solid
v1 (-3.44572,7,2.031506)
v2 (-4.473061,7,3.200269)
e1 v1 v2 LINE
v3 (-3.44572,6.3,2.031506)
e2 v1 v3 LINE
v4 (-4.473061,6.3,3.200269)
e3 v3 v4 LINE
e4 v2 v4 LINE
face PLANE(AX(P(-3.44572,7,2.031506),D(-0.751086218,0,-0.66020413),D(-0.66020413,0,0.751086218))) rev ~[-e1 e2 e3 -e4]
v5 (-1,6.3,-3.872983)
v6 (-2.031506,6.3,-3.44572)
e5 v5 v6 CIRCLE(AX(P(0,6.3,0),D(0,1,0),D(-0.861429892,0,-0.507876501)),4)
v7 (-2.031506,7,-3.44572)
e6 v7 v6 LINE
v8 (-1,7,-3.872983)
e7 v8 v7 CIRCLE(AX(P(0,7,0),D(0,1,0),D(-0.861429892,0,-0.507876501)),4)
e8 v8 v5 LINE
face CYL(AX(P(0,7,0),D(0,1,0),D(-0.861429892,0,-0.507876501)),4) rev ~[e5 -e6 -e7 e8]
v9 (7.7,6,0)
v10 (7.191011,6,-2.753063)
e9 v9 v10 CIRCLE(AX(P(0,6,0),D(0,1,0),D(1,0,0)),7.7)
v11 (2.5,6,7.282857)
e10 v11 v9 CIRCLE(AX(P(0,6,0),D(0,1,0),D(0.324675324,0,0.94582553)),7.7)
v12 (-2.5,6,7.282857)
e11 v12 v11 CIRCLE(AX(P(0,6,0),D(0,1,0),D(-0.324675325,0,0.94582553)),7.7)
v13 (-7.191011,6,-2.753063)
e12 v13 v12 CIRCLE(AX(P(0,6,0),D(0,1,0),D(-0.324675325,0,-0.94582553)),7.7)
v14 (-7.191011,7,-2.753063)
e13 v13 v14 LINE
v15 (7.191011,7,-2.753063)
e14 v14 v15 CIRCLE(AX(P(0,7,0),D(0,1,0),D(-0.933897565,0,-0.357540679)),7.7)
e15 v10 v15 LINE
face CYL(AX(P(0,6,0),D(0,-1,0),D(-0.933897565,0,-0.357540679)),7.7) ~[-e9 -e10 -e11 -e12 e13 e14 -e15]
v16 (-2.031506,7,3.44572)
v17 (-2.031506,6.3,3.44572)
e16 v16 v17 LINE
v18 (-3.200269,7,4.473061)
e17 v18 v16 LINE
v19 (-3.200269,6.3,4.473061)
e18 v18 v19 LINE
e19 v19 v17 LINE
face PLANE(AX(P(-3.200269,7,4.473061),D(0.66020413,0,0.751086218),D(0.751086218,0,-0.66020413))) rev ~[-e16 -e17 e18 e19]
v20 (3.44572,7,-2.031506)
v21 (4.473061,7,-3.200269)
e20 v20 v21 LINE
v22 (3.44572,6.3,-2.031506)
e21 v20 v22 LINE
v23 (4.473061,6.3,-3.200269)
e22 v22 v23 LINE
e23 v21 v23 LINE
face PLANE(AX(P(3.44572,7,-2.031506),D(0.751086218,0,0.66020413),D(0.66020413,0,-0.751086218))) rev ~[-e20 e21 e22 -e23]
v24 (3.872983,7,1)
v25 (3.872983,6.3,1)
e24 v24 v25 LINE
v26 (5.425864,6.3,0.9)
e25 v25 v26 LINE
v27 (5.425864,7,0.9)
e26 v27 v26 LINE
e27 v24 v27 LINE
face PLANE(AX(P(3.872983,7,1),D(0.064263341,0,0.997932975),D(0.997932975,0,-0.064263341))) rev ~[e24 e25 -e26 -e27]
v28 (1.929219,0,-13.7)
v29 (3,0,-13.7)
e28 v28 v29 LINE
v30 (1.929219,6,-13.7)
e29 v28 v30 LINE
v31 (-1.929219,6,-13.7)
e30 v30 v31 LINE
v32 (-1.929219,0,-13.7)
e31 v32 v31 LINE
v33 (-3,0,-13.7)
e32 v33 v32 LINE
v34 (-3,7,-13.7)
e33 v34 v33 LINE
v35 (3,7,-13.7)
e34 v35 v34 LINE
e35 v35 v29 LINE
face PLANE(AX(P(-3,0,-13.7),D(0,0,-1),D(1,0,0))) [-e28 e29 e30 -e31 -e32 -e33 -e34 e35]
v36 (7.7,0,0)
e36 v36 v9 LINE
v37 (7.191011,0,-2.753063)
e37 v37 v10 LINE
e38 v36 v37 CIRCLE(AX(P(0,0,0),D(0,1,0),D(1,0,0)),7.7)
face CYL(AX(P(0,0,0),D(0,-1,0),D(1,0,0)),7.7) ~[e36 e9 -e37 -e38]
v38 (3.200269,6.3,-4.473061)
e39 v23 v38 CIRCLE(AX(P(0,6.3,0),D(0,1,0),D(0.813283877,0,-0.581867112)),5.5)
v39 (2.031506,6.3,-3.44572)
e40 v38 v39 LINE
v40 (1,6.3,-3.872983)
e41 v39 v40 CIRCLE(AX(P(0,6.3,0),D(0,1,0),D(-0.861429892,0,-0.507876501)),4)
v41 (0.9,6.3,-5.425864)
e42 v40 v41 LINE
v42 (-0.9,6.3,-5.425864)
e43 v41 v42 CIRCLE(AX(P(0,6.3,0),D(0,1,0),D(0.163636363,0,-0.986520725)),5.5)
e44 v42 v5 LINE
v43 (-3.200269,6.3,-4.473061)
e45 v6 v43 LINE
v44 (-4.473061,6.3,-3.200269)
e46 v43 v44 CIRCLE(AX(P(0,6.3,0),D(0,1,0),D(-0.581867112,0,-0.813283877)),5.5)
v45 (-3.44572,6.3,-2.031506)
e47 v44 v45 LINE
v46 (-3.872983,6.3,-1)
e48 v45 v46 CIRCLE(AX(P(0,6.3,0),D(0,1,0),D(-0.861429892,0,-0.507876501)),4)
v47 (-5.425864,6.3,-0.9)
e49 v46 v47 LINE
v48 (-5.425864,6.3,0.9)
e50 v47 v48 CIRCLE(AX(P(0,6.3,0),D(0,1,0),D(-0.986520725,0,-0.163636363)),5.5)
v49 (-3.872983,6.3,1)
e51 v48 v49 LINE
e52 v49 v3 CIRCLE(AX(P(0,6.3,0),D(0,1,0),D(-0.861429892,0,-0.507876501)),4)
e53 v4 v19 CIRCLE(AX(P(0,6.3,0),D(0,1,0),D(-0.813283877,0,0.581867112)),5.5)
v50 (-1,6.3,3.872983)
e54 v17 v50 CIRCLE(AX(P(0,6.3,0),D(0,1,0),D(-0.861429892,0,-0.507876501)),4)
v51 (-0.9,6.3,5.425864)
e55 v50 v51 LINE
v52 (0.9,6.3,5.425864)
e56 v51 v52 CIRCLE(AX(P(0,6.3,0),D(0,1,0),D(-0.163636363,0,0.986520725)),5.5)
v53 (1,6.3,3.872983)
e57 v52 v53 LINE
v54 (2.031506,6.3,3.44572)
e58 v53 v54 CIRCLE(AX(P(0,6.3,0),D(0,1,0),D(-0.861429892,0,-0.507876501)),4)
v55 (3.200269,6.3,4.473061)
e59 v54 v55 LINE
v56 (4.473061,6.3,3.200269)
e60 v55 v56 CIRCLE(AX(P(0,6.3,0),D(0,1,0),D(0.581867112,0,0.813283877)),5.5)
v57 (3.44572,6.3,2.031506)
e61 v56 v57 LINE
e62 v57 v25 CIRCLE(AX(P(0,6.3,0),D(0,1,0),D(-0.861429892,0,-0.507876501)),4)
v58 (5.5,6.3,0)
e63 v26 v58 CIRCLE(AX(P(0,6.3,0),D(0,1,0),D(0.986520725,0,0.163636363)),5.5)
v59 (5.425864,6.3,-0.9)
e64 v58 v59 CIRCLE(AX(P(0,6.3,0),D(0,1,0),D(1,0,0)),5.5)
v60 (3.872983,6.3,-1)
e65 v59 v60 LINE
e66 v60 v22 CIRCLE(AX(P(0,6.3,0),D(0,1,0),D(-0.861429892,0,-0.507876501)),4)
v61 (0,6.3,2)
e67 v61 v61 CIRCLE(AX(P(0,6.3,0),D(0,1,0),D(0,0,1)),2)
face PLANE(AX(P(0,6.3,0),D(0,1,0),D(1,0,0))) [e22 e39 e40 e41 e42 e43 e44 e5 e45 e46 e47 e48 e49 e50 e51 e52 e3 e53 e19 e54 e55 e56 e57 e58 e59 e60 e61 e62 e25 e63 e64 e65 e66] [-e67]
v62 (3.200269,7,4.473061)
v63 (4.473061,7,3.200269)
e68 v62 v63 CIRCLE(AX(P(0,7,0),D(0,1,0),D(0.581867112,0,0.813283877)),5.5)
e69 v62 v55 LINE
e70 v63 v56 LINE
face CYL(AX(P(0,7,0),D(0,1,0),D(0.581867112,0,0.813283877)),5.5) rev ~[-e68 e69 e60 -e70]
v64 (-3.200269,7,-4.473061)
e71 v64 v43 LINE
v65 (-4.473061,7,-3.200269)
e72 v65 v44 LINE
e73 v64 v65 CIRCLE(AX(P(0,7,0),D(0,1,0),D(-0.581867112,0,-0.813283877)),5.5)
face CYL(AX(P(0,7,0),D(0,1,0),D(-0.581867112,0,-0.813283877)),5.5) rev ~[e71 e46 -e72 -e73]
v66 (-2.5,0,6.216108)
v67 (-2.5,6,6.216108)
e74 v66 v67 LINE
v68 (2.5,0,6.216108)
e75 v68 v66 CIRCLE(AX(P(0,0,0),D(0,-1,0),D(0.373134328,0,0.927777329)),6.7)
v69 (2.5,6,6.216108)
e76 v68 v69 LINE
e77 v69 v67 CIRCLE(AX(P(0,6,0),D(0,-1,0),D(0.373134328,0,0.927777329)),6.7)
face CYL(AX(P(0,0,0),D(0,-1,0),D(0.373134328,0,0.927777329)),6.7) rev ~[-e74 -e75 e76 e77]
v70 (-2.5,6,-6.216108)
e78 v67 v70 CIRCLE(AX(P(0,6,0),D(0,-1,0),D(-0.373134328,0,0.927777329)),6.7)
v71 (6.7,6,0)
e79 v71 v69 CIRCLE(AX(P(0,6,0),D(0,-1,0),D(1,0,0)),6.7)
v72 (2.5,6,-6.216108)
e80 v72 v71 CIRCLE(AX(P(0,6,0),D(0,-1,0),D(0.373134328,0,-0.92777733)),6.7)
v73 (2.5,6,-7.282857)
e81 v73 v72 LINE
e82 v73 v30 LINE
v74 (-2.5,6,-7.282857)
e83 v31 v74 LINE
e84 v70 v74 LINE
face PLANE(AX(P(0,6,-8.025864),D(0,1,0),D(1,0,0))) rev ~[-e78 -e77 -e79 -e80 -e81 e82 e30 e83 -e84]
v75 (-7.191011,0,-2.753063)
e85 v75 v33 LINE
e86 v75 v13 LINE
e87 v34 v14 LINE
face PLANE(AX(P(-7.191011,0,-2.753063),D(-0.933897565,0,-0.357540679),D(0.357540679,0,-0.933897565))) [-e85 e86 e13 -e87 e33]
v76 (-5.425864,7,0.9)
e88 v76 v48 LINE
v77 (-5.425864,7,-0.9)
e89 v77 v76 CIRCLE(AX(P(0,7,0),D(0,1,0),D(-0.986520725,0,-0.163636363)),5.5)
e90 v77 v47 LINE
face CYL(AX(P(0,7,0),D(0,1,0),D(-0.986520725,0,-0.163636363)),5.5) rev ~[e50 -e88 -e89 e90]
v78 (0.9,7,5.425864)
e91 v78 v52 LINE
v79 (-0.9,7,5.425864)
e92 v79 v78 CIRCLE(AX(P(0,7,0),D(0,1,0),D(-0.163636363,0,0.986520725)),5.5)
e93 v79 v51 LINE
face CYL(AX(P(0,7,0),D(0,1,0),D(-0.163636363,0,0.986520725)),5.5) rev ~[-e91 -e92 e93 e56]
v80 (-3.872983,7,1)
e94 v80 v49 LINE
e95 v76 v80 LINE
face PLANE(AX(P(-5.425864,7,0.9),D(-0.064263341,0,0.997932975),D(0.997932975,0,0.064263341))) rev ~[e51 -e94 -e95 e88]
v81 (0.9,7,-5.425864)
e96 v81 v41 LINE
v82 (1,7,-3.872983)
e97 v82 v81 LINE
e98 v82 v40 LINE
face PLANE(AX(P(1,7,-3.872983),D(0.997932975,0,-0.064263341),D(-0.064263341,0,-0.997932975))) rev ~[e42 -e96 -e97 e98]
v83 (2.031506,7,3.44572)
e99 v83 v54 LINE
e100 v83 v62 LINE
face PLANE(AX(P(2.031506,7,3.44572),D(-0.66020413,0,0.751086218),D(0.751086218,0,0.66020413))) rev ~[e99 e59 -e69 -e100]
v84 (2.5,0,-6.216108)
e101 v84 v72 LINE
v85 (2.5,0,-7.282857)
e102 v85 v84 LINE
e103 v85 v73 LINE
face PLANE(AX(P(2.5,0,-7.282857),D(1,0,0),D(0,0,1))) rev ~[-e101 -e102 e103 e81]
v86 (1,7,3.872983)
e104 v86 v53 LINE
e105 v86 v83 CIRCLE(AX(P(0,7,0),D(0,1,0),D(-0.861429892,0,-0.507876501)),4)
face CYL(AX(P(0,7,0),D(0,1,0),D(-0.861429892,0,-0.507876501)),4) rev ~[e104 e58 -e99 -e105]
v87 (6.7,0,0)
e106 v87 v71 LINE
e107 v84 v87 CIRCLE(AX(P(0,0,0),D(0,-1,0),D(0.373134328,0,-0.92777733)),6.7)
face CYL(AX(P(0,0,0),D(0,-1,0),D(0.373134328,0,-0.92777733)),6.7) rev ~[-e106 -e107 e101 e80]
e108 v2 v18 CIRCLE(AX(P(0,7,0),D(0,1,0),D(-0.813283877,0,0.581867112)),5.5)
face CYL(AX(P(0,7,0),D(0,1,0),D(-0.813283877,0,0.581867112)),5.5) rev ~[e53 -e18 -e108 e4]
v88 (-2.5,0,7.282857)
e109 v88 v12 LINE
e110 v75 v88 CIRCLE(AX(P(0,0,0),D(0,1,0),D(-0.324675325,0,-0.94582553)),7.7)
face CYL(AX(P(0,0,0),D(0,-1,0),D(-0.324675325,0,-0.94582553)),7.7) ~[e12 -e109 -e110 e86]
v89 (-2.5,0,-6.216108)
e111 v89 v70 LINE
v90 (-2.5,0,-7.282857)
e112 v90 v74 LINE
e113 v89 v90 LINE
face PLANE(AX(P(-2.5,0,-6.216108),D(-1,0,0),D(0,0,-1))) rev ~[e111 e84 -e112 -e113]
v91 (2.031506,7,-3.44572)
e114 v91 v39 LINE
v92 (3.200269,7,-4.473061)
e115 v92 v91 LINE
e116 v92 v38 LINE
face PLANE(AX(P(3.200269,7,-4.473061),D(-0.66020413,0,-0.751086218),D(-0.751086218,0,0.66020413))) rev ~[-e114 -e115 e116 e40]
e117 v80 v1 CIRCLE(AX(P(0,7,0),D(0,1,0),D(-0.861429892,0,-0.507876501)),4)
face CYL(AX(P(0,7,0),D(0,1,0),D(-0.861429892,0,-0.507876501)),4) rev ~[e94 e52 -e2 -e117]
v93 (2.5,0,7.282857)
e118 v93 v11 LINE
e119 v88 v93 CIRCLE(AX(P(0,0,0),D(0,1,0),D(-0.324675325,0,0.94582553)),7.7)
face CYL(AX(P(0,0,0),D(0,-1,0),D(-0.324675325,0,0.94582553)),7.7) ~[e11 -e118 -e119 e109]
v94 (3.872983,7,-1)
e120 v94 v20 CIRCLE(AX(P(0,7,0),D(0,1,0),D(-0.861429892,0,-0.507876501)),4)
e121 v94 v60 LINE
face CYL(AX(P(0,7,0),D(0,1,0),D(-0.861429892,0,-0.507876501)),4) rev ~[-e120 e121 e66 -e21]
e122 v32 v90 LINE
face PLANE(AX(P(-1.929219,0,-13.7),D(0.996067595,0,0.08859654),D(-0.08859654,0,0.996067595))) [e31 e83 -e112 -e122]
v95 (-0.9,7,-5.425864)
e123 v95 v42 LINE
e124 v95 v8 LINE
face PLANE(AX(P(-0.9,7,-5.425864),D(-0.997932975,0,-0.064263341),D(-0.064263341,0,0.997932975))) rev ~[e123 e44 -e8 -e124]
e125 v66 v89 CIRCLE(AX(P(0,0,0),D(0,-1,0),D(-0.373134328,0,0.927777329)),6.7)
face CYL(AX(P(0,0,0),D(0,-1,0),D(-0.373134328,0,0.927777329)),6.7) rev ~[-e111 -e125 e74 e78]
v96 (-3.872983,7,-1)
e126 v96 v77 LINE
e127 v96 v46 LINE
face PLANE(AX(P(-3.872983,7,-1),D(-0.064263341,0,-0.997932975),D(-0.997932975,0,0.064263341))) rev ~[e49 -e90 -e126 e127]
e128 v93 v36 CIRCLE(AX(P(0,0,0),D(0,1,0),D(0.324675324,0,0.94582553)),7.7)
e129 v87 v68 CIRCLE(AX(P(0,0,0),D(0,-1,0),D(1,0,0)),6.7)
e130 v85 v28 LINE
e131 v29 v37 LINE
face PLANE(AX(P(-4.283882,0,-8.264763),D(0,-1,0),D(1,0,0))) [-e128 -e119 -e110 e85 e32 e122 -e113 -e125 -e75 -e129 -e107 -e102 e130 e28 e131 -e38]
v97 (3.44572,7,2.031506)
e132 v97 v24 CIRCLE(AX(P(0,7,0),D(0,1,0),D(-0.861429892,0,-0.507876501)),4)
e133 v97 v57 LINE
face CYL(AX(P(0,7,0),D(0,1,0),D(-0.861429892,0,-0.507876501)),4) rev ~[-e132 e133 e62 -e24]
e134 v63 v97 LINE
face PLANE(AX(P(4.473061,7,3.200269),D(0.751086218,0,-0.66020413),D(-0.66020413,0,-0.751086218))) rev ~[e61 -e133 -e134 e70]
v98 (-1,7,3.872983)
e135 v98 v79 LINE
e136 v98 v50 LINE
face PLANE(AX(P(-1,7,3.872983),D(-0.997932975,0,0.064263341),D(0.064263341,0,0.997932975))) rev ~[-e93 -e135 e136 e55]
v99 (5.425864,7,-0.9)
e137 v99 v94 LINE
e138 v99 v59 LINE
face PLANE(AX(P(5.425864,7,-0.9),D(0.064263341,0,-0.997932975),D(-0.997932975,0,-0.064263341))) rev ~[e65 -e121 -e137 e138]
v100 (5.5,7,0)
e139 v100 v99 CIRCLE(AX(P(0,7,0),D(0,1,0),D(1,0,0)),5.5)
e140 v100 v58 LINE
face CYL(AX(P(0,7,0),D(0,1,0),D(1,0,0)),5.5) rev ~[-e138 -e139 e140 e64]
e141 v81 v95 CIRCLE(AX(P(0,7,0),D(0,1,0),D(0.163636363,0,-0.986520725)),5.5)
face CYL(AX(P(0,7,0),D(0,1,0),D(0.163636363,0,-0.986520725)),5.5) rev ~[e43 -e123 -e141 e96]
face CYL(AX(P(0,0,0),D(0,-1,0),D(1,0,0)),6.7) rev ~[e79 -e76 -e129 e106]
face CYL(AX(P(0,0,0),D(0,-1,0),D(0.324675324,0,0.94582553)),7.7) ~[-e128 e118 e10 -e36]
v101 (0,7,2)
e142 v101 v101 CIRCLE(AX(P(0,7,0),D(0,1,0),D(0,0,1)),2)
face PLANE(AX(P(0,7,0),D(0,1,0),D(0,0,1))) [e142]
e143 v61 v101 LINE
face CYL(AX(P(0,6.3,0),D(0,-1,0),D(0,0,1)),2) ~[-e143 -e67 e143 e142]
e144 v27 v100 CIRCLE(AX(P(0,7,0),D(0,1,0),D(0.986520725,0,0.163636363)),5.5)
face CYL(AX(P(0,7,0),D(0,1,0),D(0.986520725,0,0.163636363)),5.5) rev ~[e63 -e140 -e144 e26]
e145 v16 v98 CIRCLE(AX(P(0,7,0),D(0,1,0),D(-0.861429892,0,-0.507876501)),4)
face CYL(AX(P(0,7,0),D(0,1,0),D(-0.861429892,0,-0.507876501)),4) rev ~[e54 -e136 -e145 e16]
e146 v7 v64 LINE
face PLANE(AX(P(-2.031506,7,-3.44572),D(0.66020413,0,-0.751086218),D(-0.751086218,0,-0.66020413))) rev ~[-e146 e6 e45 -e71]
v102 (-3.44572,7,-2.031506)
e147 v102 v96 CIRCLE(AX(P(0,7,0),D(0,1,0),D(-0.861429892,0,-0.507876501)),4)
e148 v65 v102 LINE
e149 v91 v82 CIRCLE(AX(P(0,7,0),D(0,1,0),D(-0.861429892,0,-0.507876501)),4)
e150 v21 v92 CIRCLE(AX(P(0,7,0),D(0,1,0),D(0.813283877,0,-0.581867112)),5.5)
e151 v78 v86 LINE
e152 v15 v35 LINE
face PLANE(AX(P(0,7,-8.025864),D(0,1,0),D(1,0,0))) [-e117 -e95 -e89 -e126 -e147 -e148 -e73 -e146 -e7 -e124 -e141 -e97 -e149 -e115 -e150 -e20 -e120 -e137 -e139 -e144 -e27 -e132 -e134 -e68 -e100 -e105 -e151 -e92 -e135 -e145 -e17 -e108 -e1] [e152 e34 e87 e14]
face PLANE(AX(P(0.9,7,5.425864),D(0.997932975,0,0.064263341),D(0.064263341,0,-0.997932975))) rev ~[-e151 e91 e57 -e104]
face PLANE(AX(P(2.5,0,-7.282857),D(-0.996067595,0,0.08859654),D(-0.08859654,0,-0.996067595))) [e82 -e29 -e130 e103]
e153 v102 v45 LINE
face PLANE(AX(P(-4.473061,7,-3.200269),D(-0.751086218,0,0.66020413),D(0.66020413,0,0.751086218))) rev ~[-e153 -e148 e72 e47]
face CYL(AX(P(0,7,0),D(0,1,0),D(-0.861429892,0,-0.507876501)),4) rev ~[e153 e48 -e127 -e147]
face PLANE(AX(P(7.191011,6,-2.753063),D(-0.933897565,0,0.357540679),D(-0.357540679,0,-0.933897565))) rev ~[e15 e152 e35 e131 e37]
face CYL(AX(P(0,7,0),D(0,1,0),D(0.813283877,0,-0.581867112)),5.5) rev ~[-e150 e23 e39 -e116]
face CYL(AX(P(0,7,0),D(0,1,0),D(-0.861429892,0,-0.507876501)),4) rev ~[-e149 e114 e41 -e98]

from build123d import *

# Parameters (mm, degrees)
BOSS_EXTRUDE1_DEPTH = 6
BOSS_EXTRUDE2_DEPTH = 1
BOSS_EXTRUDE3_START = 6
BOSS_EXTRUDE3_DEPTH = 6
SKETCH4_R           = 4
CUT_EXTRUDE1_DEPTH  = 0.7
SKETCH5_R           = 2
BOSS_EXTRUDE4_DEPTH = 0.7


with BuildPart() as part:
    # Sketch1 → Boss-Extrude1 (new body)
    with BuildSketch(Plane(origin=(0, 0, 0), x_dir=(1, 0, 0), z_dir=(0, 1, 0))):
        with BuildLine():
            ThreePointArc((-2.5, 7.282856582), (-7.7, 0), (-2.5, -7.282856582))
            Line((-2.5, -7.282856582), (-2.5, -6.216108107))
            ThreePointArc((-2.5, -6.216108107), (-6.7, 0), (-2.5, 6.216108107))
            Line((-2.5, 6.216108107), (-2.5, 7.282856582))
        make_face()
        with BuildLine():
            Line((-2.5, -6.216108107), (-2.5, -7.282856582))
            ThreePointArc((-2.5, -7.282856582), (0, -7.7), (2.5, -7.282856582))
            Line((2.5, -7.282856582), (2.5, -6.216108107))
            ThreePointArc((2.5, -6.216108107), (0, -6.7), (-2.5, -6.216108107))
        make_face()
        with BuildLine():
            Line((2.5, -6.216108107), (2.5, -7.282856582))
            ThreePointArc((2.5, -7.282856582), (6.266578014, -4.474371464), (7.7, 0))
            ThreePointArc((7.7, 0), (6.266578014, 4.474371464), (2.5, 7.282856582))
            Line((2.5, 7.282856582), (2.5, 6.216108107))
            ThreePointArc((2.5, 6.216108107), (5.551576353, 3.750999867), (6.7, 0))
            ThreePointArc((6.7, 0), (5.551576353, -3.750999867), (2.5, -6.216108107))
        make_face()
    extrude(amount=BOSS_EXTRUDE1_DEPTH)

    # Sketch2 → Boss-Extrude2 (add)
    with BuildSketch(Plane(origin=(0, 6, 0), x_dir=(1, 0, 0), z_dir=(0, 1, 0))):
        with BuildLine():
            Line((3, 13.7), (-3, 13.7))
            Line((-3, 13.7), (-7.191011254, 2.753063229))
            ThreePointArc((-7.191011254, 2.753063229), (-5.348708418, 5.539071968), (-2.5, 7.282856582))
            ThreePointArc((-2.5, 7.282856582), (0, 7.7), (2.5, 7.282856582))
            ThreePointArc((2.5, 7.282856582), (5.348708418, 5.539071968), (7.191011254, 2.753063229))
            Line((7.191011254, 2.753063229), (3, 13.7))
        make_face()
        with BuildLine():
            ThreePointArc((2.5, 6.216108107), (0, -6.7), (-2.5, 6.216108107))
            Line((-2.5, 6.216108107), (-2.5, 7.282856582))
            ThreePointArc((-2.5, 7.282856582), (0, -7.7), (2.5, 7.282856582))
            Line((2.5, 7.282856582), (2.5, 6.216108107))
        make_face()
        with BuildLine():
            ThreePointArc((-2.5, 7.282856582), (-5.348708418, 5.539071968), (-7.191011254, 2.753063229))
            ThreePointArc((-7.191011254, 2.753063229), (-1.399859519, -7.571683652), (7.7, 0))
            ThreePointArc((7.7, 0), (7.571683652, 1.399859519), (7.191011254, 2.753063229))
            ThreePointArc((7.191011254, 2.753063229), (5.348708418, 5.539071968), (2.5, 7.282856582))
            Line((2.5, 7.282856582), (2.5, 6.216108107))
            ThreePointArc((2.5, 6.216108107), (0, -6.7), (-2.5, 6.216108107))
            Line((-2.5, 6.216108107), (-2.5, 7.282856582))
        make_face()
        with BuildLine():
            ThreePointArc((2.5, 7.282856582), (0, 7.7), (-2.5, 7.282856582))
            Line((-2.5, 7.282856582), (-2.5, 6.216108107))
            ThreePointArc((-2.5, 6.216108107), (0, -6.7), (2.5, 6.216108107))
            Line((2.5, 6.216108107), (2.5, 7.282856582))
        make_face()
    extrude(amount=BOSS_EXTRUDE2_DEPTH)

    # Sketch3 → Boss-Extrude3 (add)
    with BuildSketch(Plane.XZ.offset(-6).offset(BOSS_EXTRUDE3_START)):
        with BuildLine():
            Line((-7.191011254, -2.753063229), (-3, -13.7))
            Line((-3, -13.7), (-1.929218753, -13.7))
            Line((-1.929218753, -13.7), (-2.5, -7.282856582))
            ThreePointArc((-2.5, -7.282856582), (-5.348708418, -5.539071968), (-7.191011254, -2.753063229))
        make_face()
        with BuildLine():
            Line((2.5, -7.282856582), (1.929218753, -13.7))
            Line((1.929218753, -13.7), (3, -13.7))
            Line((3, -13.7), (7.191011254, -2.753063229))
            ThreePointArc((7.191011254, -2.753063229), (5.348708418, -5.539071968), (2.5, -7.282856582))
        make_face()
    extrude(amount=-BOSS_EXTRUDE3_DEPTH)

    # Sketch4 → Cut-Extrude1 (cut)
    with BuildSketch(Plane(origin=(0, 7, 0), x_dir=(1, 0, 0), z_dir=(0, 1, 0))):
        Circle(SKETCH4_R)
        with BuildLine():
            Line((-2.031506006, 3.445719569), (-3.200269116, 4.473061322))
            ThreePointArc((-3.200269116, 4.473061322), (-3.889087297, 3.889087297), (-4.473061322, 3.200269116))
            Line((-4.473061322, 3.200269116), (-3.445719569, 2.031506006))
            ThreePointArc((-3.445719569, 2.031506006), (-2.828427125, 2.828427125), (-2.031506006, 3.445719569))
        make_face()
        with BuildLine():
            Line((-3.872983346, 1), (-5.425863987, 0.9))
            ThreePointArc((-5.425863987, 0.9), (-5.5, 0), (-5.425863987, -0.9))
            Line((-5.425863987, -0.9), (-3.872983346, -1))
            ThreePointArc((-3.872983346, -1), (-4, 0), (-3.872983346, 1))
        make_face()
        with BuildLine():
            Line((-3.445719569, -2.031506006), (-4.473061322, -3.200269116))
            ThreePointArc((-4.473061322, -3.200269116), (-3.889087297, -3.889087297), (-3.200269116, -4.473061322))
            Line((-3.200269116, -4.473061322), (-2.031506006, -3.445719569))
            ThreePointArc((-2.031506006, -3.445719569), (-2.828427125, -2.828427125), (-3.445719569, -2.031506006))
        make_face()
        with BuildLine():
            Line((-1, -3.872983346), (-0.9, -5.425863987))
            ThreePointArc((-0.9, -5.425863987), (0, -5.5), (0.9, -5.425863987))
            Line((0.9, -5.425863987), (1, -3.872983346))
            ThreePointArc((1, -3.872983346), (0, -4), (-1, -3.872983346))
        make_face()
        with BuildLine():
            ThreePointArc((3.200269116, -4.473061322), (3.889087297, -3.889087297), (4.473061322, -3.200269116))
            Line((4.473061322, -3.200269116), (3.445719569, -2.031506006))
            ThreePointArc((3.445719569, -2.031506006), (2.828427125, -2.828427125), (2.031506006, -3.445719569))
            Line((2.031506006, -3.445719569), (3.200269116, -4.473061322))
        make_face()
        with BuildLine():
            ThreePointArc((5.5, 0), (5.481434663, 0.451524127), (5.425863987, 0.9))
            Line((5.425863987, 0.9), (3.872983346, 1))
            ThreePointArc((3.872983346, 1), (3.968118785, 0.50401717), (4, 0))
            ThreePointArc((4, 0), (3.968118785, -0.50401717), (3.872983346, -1))
            Line((3.872983346, -1), (5.425863987, -0.9))
            ThreePointArc((5.425863987, -0.9), (5.481434663, -0.451524127), (5.5, 0))
        make_face()
        with BuildLine():
            ThreePointArc((4.473061322, 3.200269116), (3.889087297, 3.889087297), (3.200269116, 4.473061322))
            Line((3.200269116, 4.473061322), (2.031506006, 3.445719569))
            ThreePointArc((2.031506006, 3.445719569), (2.828427125, 2.828427125), (3.445719569, 2.031506006))
            Line((3.445719569, 2.031506006), (4.473061322, 3.200269116))
        make_face()
        with BuildLine():
            ThreePointArc((0.9, 5.425863987), (0, 5.5), (-0.9, 5.425863987))
            Line((-0.9, 5.425863987), (-1, 3.872983346))
            ThreePointArc((-1, 3.872983346), (0, 4), (1, 3.872983346))
            Line((1, 3.872983346), (0.9, 5.425863987))
        make_face()
    extrude(amount=-CUT_EXTRUDE1_DEPTH, mode=Mode.SUBTRACT)

    # Sketch5 → Boss-Extrude4 (add)
    with BuildSketch(Plane(origin=(0, 6.3, 0), x_dir=(1, 0, 0), z_dir=(0, 1, 0))):
        with Locations(Location((0, 0, 0), (0, 0, 270))):
            Circle(SKETCH5_R)
    extrude(amount=BOSS_EXTRUDE4_DEPTH)


solid = part.part
